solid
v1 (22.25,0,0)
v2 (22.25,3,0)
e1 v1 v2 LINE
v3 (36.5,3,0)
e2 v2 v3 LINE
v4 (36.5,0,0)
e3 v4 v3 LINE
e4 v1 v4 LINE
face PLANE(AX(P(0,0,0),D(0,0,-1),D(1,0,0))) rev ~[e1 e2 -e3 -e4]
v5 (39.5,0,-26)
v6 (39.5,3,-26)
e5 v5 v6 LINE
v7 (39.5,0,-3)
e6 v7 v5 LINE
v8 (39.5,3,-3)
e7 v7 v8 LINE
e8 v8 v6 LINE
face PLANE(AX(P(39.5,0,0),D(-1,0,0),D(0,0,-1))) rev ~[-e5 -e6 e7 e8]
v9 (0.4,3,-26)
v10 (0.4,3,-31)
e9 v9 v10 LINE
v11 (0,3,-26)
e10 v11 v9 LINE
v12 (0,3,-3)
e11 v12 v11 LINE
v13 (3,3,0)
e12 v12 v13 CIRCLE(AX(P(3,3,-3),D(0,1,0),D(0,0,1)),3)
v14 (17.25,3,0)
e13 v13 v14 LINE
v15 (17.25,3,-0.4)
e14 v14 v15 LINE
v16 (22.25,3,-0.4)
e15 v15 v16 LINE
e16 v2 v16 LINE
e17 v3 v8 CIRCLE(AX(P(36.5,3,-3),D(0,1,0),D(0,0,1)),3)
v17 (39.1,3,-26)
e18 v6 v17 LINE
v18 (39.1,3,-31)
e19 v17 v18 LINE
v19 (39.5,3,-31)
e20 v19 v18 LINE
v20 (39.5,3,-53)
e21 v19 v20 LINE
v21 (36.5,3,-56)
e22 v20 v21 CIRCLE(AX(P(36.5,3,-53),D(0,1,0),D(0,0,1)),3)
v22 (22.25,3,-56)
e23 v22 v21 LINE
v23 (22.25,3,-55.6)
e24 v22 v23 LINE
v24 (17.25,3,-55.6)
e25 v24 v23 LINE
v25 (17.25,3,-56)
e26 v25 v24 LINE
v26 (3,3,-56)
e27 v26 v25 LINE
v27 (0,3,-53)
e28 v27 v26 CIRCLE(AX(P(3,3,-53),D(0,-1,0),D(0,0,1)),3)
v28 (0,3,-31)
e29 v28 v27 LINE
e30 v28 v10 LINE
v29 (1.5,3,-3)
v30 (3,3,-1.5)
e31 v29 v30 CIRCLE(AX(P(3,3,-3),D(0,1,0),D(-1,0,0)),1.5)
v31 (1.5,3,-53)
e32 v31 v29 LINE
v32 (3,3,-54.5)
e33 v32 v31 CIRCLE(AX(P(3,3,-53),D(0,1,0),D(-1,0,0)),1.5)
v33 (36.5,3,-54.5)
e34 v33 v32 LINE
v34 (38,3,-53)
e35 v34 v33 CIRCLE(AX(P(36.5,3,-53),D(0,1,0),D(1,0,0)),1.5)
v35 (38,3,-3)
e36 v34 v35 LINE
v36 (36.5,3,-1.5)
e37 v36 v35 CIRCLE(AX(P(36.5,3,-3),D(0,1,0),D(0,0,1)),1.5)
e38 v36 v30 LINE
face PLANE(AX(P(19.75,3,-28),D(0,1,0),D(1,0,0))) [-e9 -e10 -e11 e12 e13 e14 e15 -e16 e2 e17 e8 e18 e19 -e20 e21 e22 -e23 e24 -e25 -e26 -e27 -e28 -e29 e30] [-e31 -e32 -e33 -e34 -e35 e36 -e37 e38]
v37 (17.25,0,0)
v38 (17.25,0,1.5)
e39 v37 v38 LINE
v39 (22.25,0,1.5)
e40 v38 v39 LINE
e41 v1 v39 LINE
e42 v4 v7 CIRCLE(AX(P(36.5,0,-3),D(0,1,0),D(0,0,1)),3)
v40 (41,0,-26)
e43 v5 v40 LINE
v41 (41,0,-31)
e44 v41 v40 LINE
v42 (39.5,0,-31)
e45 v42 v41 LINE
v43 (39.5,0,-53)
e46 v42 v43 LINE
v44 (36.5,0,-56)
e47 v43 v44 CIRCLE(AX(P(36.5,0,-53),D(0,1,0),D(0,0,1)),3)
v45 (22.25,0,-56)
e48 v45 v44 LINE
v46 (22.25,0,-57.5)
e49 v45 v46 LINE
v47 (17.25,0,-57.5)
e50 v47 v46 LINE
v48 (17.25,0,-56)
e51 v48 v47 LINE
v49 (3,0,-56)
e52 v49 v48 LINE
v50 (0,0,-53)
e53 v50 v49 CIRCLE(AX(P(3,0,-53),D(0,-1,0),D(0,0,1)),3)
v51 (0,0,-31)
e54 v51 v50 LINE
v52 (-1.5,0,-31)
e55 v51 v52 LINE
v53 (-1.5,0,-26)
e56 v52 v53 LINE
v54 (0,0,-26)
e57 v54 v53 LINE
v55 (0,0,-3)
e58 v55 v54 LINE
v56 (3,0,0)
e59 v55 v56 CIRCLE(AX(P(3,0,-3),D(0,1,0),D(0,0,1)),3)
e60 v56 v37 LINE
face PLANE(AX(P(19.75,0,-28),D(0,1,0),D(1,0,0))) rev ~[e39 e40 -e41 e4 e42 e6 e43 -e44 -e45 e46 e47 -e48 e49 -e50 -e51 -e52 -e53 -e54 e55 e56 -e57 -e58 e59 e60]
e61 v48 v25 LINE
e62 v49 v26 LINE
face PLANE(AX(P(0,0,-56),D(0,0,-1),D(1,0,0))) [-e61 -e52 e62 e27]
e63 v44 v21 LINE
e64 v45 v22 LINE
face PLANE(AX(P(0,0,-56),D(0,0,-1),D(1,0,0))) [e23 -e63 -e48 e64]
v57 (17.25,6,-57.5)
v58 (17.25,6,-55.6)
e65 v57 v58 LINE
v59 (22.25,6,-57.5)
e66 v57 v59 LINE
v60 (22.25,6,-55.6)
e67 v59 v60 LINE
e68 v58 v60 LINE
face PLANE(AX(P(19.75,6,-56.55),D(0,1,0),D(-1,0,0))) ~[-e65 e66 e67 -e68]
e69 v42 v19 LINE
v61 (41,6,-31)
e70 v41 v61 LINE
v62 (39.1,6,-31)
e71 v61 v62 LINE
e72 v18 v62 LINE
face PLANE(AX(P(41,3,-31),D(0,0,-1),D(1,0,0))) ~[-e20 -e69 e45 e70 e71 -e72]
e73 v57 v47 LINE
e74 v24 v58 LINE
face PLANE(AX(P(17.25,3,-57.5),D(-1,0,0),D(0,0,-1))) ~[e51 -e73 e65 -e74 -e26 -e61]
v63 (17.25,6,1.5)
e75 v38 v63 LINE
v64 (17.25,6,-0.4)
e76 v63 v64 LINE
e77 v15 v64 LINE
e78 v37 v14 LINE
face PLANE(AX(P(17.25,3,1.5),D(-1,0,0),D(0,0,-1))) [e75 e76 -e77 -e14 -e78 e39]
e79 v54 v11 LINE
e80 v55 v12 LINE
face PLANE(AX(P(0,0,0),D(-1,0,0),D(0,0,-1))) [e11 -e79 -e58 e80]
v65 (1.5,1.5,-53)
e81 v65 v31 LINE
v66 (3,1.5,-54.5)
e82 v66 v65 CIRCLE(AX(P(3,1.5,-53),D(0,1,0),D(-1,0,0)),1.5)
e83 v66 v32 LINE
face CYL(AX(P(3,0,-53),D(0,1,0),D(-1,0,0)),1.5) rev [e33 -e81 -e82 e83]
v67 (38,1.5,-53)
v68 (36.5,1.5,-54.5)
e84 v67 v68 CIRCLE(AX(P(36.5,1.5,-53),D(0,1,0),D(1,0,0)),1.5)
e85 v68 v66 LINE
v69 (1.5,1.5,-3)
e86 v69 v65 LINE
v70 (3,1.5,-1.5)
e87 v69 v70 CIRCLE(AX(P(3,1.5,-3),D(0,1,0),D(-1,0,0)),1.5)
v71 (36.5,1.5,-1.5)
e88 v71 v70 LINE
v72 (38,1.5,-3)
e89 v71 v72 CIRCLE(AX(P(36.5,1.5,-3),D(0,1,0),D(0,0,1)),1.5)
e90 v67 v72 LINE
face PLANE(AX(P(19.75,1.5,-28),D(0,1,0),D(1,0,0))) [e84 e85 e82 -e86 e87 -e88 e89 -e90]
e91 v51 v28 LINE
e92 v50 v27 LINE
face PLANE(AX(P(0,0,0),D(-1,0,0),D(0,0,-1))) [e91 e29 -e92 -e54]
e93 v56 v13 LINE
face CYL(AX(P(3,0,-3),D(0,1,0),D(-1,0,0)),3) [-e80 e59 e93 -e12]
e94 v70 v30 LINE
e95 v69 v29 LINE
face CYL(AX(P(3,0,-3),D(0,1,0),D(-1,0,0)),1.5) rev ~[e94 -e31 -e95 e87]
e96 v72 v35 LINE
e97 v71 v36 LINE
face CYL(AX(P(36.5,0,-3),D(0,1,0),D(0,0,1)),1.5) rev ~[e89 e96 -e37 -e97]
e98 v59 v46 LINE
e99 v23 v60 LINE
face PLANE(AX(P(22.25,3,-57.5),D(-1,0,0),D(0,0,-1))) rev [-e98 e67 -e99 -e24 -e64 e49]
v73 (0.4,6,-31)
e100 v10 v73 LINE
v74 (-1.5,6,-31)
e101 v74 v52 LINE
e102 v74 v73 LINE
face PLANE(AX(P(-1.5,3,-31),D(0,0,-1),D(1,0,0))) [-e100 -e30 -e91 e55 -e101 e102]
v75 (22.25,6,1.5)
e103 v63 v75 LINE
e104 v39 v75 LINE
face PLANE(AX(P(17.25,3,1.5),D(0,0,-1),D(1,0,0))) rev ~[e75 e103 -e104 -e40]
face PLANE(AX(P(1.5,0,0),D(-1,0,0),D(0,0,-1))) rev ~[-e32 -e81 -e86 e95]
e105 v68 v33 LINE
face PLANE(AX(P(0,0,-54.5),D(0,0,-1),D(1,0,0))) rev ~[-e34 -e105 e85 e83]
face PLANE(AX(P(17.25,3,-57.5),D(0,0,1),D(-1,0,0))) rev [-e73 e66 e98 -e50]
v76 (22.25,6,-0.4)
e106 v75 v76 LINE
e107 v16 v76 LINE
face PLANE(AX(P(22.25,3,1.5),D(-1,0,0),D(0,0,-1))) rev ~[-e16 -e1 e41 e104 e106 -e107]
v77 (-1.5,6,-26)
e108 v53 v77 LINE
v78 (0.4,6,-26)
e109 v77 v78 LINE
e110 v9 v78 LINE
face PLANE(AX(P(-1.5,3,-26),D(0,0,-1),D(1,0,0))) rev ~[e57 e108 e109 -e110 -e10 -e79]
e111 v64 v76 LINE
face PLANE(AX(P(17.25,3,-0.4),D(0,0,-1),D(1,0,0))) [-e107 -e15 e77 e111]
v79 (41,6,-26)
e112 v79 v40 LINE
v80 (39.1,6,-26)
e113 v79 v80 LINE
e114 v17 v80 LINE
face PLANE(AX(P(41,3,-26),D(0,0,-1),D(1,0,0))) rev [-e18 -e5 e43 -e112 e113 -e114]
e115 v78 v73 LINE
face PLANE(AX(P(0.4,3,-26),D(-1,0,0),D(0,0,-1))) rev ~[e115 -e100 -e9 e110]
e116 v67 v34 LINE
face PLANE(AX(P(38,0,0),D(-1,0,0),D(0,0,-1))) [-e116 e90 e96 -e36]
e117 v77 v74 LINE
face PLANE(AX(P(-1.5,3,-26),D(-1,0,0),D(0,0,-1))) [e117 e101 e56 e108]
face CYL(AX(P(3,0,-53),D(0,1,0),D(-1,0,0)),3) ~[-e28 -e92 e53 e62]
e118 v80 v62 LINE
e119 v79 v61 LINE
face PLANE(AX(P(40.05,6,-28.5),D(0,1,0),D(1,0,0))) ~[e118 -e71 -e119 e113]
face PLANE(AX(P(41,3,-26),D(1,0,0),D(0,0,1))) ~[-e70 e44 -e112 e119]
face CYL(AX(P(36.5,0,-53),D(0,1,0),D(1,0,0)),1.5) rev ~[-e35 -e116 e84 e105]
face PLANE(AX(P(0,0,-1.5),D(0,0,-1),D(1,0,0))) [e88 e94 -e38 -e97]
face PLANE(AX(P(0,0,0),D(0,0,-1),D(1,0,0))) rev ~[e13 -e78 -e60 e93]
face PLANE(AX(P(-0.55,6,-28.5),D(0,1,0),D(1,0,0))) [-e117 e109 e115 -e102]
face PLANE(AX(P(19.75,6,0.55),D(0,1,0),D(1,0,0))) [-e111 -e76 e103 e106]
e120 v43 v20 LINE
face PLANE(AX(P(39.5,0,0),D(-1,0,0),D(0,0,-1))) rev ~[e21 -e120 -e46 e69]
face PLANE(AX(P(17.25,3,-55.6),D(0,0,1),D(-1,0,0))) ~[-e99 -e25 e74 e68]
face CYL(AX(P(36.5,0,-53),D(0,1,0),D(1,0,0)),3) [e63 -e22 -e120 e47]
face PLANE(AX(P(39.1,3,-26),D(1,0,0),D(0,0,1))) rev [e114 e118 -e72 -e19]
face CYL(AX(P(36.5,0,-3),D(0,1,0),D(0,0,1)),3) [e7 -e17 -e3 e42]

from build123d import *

# Parameters (mm, degrees)
SKETCH1_W           = 39.5
SKETCH1_H           = 56
BOSS_EXTRUDE1_DEPTH = 3
FILLET1_R           = 3
SHELL1_T            = -1.5
SKETCH2_W           = 5
SKETCH2_H           = 3
BOSS_EXTRUDE2_DEPTH = 1.5
SKETCH3_W           = 1.9
SKETCH3_H           = 5
BOSS_EXTRUDE3_DEPTH = 3
SKETCH8_W           = 5
SKETCH8_H           = 3
BOSS_EXTRUDE5_DEPTH = 1.5
SKETCH9_W           = 5
SKETCH9_H           = 1.9
BOSS_EXTRUDE6_DEPTH = 3


with BuildPart() as part:
    # Sketch1 → Boss-Extrude1 (new body)
    with BuildSketch(Plane(origin=(0, 0, 0), x_dir=(1, 0, 0), z_dir=(0, 1, 0))):
        with Locations((19.75, 28)):
            Rectangle(SKETCH1_W, SKETCH1_H)
    extrude(amount=BOSS_EXTRUDE1_DEPTH)

    # Fillet1
    fillet1_edges = [part.edges().sort_by_distance(p)[0] for p in [
        (0, 1.5, -56),
        (39.5, 1.5, -56),
        (39.5, 1.5, 0),
        (0, 1.5, 0),
    ]]
    fillet(fillet1_edges, radius=FILLET1_R)

    # Shell1
    shell1_openings = [part.faces().sort_by_distance(p)[0] for p in [
        (19.75, 3, -28),
    ]]
    offset(amount=SHELL1_T, openings=shell1_openings, kind=Kind.INTERSECTION)

    # Sketch2 → Boss-Extrude2 (add)
    with BuildSketch(Plane.ZY):
        with Locations((-28.5, 1.5)):
            Rectangle(SKETCH2_W, SKETCH2_H)
    boss_extrude2 = extrude(amount=BOSS_EXTRUDE2_DEPTH)

    # Sketch3 → Boss-Extrude3 (add)
    with BuildSketch(Plane(origin=(0, 3, 0), x_dir=(1, 0, 0), z_dir=(0, 1, 0))):
        with Locations((-0.55, 28.5)):
            Rectangle(SKETCH3_W, SKETCH3_H)
    boss_extrude3 = extrude(amount=BOSS_EXTRUDE3_DEPTH)

    # Sketch8 → Boss-Extrude5 (add)
    with BuildSketch(Plane.XY):
        with Locations((19.75, 1.5)):
            Rectangle(SKETCH8_W, SKETCH8_H)
    boss_extrude5 = extrude(amount=BOSS_EXTRUDE5_DEPTH)

    # Sketch9 → Boss-Extrude6 (add)
    with BuildSketch(Plane(origin=(0, 3, 0), x_dir=(1, 0, 0), z_dir=(0, 1, 0))):
        with Locations((19.75, -0.55)):
            Rectangle(SKETCH9_W, SKETCH9_H)
    boss_extrude6 = extrude(amount=BOSS_EXTRUDE6_DEPTH)

    # Mirror3: Boss-Extrude2, Boss-Extrude3 across plane
    add(boss_extrude2.mirror(Plane(origin=(19.75, 0, 0), x_dir=(0, 0, 1), z_dir=(1, 0, 0))))
    add(boss_extrude3.mirror(Plane(origin=(19.75, 0, 0), x_dir=(0, 0, 1), z_dir=(1, 0, 0))))

    # Mirror4: Boss-Extrude5, Boss-Extrude6 across plane
    add(boss_extrude5.mirror(Plane(origin=(0, 0, -28), x_dir=(1, 0, 0), z_dir=(0, 0, -1))))
    add(boss_extrude6.mirror(Plane(origin=(0, 0, -28), x_dir=(1, 0, 0), z_dir=(0, 0, -1))))


solid = part.part
